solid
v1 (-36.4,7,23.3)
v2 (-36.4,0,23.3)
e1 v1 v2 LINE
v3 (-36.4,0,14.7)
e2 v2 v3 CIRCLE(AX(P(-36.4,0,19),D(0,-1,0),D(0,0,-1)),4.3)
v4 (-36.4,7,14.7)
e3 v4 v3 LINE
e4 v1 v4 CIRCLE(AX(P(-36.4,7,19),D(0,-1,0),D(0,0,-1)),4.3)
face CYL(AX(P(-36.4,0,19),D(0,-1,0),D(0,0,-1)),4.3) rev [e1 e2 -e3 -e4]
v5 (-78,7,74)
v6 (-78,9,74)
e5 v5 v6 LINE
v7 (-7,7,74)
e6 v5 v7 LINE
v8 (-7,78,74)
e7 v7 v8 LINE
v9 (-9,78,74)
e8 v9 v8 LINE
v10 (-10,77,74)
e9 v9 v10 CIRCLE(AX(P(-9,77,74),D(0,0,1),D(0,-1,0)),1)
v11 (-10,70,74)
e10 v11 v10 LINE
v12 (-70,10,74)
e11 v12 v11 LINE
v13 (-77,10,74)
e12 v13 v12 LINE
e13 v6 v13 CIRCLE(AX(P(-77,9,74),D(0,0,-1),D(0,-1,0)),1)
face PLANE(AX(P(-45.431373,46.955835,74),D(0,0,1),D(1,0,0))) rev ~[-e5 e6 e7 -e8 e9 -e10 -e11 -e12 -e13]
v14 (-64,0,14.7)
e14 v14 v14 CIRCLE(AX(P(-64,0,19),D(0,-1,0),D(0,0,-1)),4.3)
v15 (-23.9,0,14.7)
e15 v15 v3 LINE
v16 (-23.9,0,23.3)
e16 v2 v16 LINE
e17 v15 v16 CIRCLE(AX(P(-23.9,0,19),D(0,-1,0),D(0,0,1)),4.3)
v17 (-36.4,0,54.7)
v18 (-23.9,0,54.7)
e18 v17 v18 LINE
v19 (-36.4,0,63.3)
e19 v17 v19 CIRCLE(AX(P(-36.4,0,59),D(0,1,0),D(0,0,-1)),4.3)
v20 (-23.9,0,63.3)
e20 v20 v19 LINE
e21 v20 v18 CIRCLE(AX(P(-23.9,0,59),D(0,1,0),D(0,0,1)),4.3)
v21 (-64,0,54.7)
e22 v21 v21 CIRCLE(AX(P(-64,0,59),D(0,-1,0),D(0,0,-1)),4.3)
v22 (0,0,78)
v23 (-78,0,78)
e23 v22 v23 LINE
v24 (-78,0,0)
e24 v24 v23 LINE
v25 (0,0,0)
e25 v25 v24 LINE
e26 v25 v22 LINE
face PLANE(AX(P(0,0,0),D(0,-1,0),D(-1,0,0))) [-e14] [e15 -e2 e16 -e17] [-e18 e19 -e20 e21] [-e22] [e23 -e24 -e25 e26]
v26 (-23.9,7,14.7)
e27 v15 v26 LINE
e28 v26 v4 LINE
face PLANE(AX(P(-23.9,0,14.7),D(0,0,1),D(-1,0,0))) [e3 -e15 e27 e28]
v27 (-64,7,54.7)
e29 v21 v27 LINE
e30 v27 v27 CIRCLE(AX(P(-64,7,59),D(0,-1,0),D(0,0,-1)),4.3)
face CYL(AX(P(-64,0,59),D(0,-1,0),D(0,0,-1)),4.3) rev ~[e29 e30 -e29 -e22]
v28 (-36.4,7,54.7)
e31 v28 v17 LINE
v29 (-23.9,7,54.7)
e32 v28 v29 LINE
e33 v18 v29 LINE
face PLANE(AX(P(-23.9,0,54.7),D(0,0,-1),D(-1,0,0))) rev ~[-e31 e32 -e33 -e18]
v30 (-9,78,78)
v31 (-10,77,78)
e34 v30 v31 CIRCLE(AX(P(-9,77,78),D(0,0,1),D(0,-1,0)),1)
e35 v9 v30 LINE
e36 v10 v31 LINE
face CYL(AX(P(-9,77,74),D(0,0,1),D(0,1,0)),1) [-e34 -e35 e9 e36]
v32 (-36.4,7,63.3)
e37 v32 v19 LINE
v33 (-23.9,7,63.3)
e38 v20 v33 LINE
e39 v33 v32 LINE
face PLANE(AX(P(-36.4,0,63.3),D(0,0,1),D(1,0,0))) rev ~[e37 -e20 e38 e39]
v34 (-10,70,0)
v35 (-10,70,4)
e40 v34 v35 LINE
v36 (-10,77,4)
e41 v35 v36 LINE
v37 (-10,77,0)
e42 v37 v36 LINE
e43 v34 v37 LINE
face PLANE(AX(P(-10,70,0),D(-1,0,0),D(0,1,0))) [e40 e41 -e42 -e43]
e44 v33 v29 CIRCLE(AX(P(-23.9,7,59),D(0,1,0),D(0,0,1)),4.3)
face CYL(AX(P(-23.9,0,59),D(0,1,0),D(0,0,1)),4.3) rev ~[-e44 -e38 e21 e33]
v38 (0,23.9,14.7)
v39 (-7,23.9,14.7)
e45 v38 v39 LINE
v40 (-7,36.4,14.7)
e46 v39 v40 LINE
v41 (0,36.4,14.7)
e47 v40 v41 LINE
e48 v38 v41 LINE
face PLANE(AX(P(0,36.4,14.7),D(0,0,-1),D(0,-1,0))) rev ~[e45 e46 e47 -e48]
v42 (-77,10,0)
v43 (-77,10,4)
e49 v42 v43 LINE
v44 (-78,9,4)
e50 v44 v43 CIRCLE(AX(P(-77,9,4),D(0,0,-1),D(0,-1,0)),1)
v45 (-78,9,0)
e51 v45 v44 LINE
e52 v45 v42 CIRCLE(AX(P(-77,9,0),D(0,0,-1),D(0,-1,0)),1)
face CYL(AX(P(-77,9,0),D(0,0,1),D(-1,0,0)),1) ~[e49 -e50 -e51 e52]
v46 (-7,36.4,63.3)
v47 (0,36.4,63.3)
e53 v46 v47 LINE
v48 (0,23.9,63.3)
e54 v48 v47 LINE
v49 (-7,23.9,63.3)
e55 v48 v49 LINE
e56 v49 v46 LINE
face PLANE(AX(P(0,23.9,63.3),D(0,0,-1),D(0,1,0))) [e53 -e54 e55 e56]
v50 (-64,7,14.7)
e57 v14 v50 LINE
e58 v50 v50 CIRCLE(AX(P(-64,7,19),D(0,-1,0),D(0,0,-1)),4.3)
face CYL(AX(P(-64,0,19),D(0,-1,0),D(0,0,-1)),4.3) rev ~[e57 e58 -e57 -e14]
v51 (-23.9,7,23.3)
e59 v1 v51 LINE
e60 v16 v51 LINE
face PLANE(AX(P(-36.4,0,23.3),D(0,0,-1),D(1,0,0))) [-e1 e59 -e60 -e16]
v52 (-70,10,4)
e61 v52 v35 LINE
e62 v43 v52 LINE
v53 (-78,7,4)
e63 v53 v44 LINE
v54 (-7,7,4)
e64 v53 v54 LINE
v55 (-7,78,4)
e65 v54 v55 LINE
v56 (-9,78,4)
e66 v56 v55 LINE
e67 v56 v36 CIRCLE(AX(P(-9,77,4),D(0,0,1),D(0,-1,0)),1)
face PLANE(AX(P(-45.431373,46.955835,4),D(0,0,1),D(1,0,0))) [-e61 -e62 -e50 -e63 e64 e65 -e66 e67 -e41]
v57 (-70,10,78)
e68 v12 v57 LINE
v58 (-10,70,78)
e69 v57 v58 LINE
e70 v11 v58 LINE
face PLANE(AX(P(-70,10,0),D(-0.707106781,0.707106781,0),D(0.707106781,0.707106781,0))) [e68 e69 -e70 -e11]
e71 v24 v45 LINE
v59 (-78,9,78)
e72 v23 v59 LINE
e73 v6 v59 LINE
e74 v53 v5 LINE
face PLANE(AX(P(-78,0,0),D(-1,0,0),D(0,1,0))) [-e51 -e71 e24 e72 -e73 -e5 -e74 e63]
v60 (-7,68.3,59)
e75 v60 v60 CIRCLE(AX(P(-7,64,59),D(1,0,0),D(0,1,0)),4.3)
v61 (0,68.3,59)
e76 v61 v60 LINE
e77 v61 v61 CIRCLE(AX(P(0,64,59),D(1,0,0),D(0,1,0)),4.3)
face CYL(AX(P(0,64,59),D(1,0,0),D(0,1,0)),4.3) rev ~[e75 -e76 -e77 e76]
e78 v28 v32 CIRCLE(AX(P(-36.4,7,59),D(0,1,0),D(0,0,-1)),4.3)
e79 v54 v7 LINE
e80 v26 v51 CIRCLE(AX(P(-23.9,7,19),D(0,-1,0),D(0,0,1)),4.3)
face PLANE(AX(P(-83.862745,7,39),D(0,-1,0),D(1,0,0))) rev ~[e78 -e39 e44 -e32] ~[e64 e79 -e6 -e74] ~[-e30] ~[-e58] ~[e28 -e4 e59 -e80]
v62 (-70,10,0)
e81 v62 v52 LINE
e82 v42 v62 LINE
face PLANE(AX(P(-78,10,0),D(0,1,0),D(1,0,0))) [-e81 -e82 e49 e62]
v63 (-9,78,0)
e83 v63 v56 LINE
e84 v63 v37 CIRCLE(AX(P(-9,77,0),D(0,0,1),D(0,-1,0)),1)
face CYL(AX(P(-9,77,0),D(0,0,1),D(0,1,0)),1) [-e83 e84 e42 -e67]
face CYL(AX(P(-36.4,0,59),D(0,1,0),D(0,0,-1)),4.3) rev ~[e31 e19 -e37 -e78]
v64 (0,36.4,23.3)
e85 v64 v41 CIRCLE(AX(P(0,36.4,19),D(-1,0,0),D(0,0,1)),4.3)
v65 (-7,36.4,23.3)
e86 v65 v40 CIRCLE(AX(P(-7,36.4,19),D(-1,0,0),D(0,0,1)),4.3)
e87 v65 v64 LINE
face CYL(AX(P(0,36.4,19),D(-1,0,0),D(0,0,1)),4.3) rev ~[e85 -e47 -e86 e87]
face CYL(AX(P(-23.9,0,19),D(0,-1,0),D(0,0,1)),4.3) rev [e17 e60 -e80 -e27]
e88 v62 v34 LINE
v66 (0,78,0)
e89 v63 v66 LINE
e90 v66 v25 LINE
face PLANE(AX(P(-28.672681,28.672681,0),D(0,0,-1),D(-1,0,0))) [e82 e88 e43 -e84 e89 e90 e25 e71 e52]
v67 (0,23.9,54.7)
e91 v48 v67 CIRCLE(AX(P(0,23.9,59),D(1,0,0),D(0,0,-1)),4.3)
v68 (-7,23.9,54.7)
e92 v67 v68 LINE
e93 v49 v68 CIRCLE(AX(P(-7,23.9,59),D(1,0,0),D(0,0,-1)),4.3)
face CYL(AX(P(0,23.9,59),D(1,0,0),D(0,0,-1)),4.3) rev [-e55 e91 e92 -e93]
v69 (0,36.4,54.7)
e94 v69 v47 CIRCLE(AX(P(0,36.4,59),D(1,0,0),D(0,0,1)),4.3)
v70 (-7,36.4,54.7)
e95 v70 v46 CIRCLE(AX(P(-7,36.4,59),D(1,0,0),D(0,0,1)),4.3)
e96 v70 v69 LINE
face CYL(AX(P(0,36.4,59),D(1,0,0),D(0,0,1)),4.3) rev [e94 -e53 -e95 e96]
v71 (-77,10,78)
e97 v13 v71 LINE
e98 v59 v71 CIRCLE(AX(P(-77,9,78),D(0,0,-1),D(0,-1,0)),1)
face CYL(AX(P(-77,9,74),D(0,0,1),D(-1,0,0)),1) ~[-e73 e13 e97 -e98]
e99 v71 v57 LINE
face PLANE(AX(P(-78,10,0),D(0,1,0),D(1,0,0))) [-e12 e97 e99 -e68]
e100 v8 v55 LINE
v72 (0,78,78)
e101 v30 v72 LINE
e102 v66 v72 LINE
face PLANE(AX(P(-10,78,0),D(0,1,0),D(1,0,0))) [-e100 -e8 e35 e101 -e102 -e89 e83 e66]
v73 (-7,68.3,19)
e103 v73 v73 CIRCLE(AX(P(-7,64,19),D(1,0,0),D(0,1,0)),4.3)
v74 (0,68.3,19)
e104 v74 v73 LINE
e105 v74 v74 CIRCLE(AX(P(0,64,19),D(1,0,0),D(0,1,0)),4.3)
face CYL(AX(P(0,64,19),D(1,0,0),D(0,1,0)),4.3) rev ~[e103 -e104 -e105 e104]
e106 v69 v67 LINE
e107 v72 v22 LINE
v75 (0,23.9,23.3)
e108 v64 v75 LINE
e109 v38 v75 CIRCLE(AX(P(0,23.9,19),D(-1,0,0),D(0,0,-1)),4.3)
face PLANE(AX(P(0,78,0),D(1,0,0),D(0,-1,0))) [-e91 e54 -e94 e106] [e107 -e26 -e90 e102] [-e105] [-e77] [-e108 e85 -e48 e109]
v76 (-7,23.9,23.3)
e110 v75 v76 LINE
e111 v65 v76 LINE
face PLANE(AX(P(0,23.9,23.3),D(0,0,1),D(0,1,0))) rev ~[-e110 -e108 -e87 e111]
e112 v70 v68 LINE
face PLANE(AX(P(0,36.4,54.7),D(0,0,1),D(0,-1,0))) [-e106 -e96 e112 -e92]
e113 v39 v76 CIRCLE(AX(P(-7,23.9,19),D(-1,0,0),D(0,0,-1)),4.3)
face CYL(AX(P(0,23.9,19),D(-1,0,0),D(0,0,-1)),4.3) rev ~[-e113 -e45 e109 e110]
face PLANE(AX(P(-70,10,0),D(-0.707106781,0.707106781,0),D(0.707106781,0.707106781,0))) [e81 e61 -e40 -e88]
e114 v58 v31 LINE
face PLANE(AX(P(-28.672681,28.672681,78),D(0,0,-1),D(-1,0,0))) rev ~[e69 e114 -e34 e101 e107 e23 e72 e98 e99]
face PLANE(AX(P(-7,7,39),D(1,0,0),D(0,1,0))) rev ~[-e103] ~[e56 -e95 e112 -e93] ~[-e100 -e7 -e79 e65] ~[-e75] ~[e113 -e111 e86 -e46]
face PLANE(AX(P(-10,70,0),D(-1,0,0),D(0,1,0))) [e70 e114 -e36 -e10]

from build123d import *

# Parameters (mm, degrees)
EXTRUDE_1_DEPTH     = 78
SKETCH_2_W          = 76.862745098
SKETCH_2_H          = 79.911669522
CUT_EXTRUDE_1_DEPTH = 35
FILLET_1_R          = 1
SKETCH_3_R          = 4.3
CUT_EXTRUDE_2_DEPTH = 35
SKETCH_4_R          = 4.3
CUT_EXTRUDE_3_DEPTH = 35


with BuildPart() as part:
    # 草图1 → 凸台-拉伸1 (new body)
    with BuildSketch(Plane.XY):
        Polygon((0, 0), (-78, 0), (-78, 10), (-70, 10), (-10, 70), (-10, 78), (0, 78), align=None)
    extrude(amount=EXTRUDE_1_DEPTH)

    # 草图2 → 切除-拉伸1 (cut, symmetric)
    with BuildSketch(Plane.XY.offset(39)):
        with Locations((-45.431372549, 46.955834761)):
            Rectangle(SKETCH_2_W, SKETCH_2_H)
    extrude(amount=CUT_EXTRUDE_1_DEPTH, both=True, mode=Mode.SUBTRACT)

    # 圆角1
    fillet_1_edges = [part.edges().sort_by_distance(p)[0] for p in [
        (-78, 10, 76),
        (-10, 78, 76),
        (-78, 10, 2),
        (-10, 78, 2),
    ]]
    fillet(fillet_1_edges, radius=FILLET_1_R)

    # 草图3 → 切除-拉伸2 (cut, symmetric)
    with BuildSketch(Plane(origin=(0, 0, 0), x_dir=(0, 0, -1), z_dir=(1, 0, 0))):
        with Locations(Location((-19, 64, 0), (0, 0, 90))):
            Circle(SKETCH_3_R)
        with Locations(Location((-59, 64, 0), (0, 0, 90))):
            Circle(SKETCH_3_R)
        with BuildLine():
            Line((-14.7, 36.4), (-14.7, 23.9))
            ThreePointArc((-14.7, 23.9), (-19, 19.6), (-23.3, 23.9))
            Line((-23.3, 23.9), (-23.3, 36.4))
            ThreePointArc((-23.3, 36.4), (-19, 40.7), (-14.7, 36.4))
        make_face()
        with BuildLine():
            Line((-54.7, 36.4), (-54.7, 23.9))
            ThreePointArc((-54.7, 23.9), (-59, 19.6), (-63.3, 23.9))
            Line((-63.3, 23.9), (-63.3, 36.4))
            ThreePointArc((-63.3, 36.4), (-59, 40.7), (-54.7, 36.4))
        make_face()
    extrude(amount=CUT_EXTRUDE_2_DEPTH, both=True, mode=Mode.SUBTRACT)

    # 草图4 → 切除-拉伸3 (cut, symmetric)
    with BuildSketch(Plane.XZ):
        with Locations(Location((-64, 59, 0), (0, 0, 270))):
            Circle(SKETCH_4_R)
        with Locations(Location((-64, 19, 0), (0, 0, 270))):
            Circle(SKETCH_4_R)
        with BuildLine():
            Line((-36.4, 63.3), (-23.9, 63.3))
            ThreePointArc((-23.9, 63.3), (-19.6, 59), (-23.9, 54.7))
            Line((-23.9, 54.7), (-36.4, 54.7))
            ThreePointArc((-36.4, 54.7), (-40.7, 59), (-36.4, 63.3))
        make_face()
        with BuildLine():
            Line((-36.4, 23.3), (-23.9, 23.3))
            ThreePointArc((-23.9, 23.3), (-19.6, 19), (-23.9, 14.7))
            Line((-23.9, 14.7), (-36.4, 14.7))
            ThreePointArc((-36.4, 14.7), (-40.7, 19), (-36.4, 23.3))
        make_face()
    extrude(amount=CUT_EXTRUDE_3_DEPTH, both=True, mode=Mode.SUBTRACT)


solid = part.part
